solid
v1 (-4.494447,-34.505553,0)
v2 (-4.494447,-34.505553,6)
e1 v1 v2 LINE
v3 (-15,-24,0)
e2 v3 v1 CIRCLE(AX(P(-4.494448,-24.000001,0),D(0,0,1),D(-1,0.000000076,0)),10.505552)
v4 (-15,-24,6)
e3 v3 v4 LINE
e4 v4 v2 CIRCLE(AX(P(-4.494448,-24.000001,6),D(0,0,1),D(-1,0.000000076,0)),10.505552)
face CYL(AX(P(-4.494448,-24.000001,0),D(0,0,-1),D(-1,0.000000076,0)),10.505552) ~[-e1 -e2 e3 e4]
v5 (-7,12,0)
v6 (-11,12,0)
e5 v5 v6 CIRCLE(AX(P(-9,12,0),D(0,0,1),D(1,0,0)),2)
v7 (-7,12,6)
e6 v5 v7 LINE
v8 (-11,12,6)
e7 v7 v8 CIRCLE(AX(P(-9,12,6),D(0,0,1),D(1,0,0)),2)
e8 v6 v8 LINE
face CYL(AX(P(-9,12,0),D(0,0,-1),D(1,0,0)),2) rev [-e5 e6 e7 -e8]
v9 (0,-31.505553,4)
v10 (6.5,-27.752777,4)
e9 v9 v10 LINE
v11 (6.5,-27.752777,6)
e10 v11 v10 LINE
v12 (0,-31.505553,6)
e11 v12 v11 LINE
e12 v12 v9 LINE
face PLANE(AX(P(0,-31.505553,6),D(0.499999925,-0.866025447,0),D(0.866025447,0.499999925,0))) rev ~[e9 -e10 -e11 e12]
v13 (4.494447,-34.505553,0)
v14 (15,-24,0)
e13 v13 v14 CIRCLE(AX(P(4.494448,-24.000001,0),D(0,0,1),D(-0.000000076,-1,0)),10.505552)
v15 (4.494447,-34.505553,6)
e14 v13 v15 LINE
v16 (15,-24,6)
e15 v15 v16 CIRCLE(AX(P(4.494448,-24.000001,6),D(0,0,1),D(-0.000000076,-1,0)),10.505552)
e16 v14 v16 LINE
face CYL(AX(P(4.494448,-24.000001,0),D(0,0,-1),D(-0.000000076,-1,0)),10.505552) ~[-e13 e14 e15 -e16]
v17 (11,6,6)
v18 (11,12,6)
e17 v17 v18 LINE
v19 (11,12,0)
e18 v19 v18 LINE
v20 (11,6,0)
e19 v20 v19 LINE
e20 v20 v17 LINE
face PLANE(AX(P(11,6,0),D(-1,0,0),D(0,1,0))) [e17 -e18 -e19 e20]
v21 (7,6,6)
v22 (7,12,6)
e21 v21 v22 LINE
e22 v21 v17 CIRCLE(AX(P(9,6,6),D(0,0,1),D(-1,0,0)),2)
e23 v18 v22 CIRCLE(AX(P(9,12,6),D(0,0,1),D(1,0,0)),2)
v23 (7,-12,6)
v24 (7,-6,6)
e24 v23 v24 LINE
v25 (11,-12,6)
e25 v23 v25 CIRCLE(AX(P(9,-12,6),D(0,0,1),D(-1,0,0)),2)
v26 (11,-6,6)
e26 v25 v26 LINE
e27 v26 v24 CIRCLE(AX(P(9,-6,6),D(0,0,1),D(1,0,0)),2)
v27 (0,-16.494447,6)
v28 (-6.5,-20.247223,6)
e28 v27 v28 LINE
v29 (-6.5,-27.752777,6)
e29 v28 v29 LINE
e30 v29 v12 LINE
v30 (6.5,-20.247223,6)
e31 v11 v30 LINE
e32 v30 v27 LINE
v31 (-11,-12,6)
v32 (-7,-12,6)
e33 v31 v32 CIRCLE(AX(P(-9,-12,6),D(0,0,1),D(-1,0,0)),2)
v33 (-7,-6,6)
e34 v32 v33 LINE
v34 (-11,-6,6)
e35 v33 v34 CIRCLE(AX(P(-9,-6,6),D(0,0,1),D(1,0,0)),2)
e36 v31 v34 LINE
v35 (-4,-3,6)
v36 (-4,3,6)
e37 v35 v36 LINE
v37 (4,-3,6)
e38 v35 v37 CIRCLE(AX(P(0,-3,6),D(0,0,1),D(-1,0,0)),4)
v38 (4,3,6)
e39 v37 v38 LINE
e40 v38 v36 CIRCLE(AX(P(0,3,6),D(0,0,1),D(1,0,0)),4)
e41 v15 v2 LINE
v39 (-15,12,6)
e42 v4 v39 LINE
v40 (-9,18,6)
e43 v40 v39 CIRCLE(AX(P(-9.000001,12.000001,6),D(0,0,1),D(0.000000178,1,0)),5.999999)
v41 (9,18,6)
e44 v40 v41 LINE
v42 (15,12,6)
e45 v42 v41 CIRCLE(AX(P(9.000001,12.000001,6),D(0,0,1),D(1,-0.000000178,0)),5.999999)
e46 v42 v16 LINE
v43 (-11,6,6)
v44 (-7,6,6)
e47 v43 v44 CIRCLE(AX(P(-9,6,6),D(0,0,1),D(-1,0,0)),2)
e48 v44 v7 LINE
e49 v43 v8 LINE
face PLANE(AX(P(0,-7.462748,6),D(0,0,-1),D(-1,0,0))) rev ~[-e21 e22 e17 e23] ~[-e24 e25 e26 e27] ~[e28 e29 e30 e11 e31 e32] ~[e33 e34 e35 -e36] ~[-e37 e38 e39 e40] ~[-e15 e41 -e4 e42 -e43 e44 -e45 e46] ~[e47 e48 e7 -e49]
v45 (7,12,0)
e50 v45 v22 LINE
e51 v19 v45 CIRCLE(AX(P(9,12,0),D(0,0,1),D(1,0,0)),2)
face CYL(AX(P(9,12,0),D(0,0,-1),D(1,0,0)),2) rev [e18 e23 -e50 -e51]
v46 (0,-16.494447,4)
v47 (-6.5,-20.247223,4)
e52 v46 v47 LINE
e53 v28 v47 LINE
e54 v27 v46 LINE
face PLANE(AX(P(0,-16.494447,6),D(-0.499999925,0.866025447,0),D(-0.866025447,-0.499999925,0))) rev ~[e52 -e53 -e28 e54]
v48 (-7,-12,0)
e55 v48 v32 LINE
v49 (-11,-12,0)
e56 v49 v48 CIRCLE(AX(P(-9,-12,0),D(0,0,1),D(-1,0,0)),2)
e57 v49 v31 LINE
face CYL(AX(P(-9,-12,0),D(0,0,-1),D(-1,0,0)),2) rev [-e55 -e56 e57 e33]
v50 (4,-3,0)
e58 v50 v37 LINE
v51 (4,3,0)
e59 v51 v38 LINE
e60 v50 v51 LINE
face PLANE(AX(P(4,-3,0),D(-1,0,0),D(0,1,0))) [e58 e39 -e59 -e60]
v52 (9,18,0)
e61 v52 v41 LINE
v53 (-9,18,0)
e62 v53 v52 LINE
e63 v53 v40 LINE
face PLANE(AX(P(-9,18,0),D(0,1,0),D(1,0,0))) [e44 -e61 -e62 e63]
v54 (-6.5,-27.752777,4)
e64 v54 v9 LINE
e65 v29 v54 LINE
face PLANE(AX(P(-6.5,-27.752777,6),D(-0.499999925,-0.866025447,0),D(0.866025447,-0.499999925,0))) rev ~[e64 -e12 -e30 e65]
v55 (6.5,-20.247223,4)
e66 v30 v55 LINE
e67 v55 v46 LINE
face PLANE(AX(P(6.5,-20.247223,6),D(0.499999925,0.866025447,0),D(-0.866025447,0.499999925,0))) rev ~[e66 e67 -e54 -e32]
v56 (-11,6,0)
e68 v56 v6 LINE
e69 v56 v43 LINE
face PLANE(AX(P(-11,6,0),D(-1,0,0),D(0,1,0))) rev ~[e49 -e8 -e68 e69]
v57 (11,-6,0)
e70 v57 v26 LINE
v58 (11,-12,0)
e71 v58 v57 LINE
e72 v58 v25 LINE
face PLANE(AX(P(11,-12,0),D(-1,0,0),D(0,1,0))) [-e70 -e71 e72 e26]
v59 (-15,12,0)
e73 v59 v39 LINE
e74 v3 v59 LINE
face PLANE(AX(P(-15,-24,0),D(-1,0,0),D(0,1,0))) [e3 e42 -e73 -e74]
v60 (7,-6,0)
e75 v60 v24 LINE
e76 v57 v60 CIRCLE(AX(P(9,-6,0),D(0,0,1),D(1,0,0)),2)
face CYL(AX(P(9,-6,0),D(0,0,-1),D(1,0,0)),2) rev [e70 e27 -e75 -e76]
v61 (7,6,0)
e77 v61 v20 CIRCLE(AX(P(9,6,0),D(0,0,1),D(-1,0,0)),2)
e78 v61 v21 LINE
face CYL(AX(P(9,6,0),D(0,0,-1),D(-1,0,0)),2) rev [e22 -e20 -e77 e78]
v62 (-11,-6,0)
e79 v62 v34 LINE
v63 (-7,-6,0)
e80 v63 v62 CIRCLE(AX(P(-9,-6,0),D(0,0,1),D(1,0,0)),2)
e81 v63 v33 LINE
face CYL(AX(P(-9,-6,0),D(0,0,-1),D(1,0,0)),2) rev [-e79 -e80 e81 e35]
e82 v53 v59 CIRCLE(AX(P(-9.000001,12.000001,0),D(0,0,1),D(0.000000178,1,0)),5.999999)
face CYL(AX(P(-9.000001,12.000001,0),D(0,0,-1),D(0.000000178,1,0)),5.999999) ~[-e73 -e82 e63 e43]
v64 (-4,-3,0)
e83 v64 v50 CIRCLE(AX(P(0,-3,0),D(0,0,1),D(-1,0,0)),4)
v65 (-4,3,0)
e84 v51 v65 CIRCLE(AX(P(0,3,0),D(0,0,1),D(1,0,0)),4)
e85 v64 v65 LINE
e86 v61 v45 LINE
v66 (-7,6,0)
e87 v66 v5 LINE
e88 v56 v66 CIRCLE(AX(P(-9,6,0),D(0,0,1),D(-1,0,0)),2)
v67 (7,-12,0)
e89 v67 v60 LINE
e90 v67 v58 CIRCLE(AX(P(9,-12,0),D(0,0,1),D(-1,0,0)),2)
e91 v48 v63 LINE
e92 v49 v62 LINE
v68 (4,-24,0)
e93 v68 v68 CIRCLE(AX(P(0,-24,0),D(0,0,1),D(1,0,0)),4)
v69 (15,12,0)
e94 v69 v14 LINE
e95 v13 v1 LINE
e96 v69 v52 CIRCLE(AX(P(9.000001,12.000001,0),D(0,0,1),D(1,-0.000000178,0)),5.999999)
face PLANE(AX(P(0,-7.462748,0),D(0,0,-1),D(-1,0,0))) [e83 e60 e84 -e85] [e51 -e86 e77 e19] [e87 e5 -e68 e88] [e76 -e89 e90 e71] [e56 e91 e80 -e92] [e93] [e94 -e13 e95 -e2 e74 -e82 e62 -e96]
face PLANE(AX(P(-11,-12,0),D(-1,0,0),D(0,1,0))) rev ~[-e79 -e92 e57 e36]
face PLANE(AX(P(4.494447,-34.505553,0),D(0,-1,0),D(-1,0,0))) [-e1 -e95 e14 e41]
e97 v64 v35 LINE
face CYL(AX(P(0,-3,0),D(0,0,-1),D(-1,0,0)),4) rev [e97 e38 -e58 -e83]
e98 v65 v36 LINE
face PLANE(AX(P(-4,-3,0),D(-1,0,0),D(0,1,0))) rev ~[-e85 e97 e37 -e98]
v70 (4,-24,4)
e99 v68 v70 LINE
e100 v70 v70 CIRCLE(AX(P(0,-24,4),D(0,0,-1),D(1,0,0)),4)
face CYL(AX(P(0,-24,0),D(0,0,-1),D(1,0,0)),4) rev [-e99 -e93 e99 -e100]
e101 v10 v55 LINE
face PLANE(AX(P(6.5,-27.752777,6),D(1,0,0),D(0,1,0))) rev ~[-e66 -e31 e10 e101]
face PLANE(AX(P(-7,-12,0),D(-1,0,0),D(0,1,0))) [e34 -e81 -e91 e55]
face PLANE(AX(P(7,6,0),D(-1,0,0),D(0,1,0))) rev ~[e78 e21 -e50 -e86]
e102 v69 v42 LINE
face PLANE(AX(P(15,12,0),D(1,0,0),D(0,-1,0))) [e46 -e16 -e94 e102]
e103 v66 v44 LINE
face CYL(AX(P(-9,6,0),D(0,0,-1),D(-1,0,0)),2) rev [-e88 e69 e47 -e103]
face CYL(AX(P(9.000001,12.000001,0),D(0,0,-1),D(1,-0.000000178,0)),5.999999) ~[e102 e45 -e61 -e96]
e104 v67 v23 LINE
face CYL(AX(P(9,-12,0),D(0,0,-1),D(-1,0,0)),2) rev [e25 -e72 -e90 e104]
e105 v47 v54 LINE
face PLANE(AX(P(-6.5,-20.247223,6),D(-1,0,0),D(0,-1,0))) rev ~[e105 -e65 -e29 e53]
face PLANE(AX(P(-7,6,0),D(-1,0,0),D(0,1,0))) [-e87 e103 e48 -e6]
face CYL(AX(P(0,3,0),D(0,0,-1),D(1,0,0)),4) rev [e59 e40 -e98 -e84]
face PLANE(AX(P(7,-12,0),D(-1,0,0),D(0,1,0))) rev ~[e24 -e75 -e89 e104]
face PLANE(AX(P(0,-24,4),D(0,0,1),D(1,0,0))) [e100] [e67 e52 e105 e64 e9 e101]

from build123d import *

# Parameters (mm, degrees)
SKETCH_R     = 4
PAD_DEPTH    = 6
POCKET_DEPTH = 2


with BuildPart() as part:
    # Sketch → Pad (new body)
    with BuildSketch(Plane.XY):
        with BuildLine():
            Line((-9, 18), (9, 18))
            ThreePointArc((15, 12), (13.242641, 16.242641), (9, 18))
            Line((15, 12), (15, -24))
            ThreePointArc((4.494447, -34.505553), (11.922995, -31.428548), (15, -24))
            Line((4.494447, -34.505553), (-4.494447, -34.505553))
            ThreePointArc((-15, -24), (-11.922995, -31.428548), (-4.494447, -34.505553))
            Line((-15, -24), (-15, 12))
            ThreePointArc((-9, 18), (-13.242641, 16.242641), (-15, 12))
        make_face()
        with Locations((0, -24)):
            Circle(SKETCH_R, mode=Mode.SUBTRACT)
        with BuildLine():
            ThreePointArc((7, 6), (9, 4), (11, 6))
            Line((11, 6), (11, 12))
            ThreePointArc((11, 12), (9, 14), (7, 12))
            Line((7, 6), (7, 12))
        make_face(mode=Mode.SUBTRACT)
        with BuildLine():
            ThreePointArc((-11, 6), (-9, 4), (-7, 6))
            Line((-7, 6), (-7, 12))
            ThreePointArc((-7, 12), (-9, 14), (-11, 12))
            Line((-11, 6), (-11, 12))
        make_face(mode=Mode.SUBTRACT)
        with BuildLine():
            ThreePointArc((7, -12), (9, -14), (11, -12))
            Line((11, -12), (11, -6))
            ThreePointArc((11, -6), (9, -4), (7, -6))
            Line((7, -12), (7, -6))
        make_face(mode=Mode.SUBTRACT)
        with BuildLine():
            ThreePointArc((-11, -12), (-9, -14), (-7, -12))
            Line((-7, -12), (-7, -6))
            ThreePointArc((-7, -6), (-9, -4), (-11, -6))
            Line((-11, -12), (-11, -6))
        make_face(mode=Mode.SUBTRACT)
        with BuildLine():
            ThreePointArc((-4, -3), (0, -7), (4, -3))
            Line((4, -3), (4, 3))
            ThreePointArc((4, 3), (0, 7), (-4, 3))
            Line((-4, -3), (-4, 3))
        make_face(mode=Mode.SUBTRACT)
    extrude(amount=PAD_DEPTH)

    # Sketch001 (on Face31 of Pad) → Pocket (cut)
    with BuildSketch(Plane.XY.offset(6)):
        Polygon((6.5, -20.247223), (0, -16.494447), (-6.5, -20.247223), (-6.5, -27.752777), (0, -31.505553), (6.5, -27.752777), align=None)
    extrude(amount=-POCKET_DEPTH, mode=Mode.SUBTRACT)


solid = part.part
